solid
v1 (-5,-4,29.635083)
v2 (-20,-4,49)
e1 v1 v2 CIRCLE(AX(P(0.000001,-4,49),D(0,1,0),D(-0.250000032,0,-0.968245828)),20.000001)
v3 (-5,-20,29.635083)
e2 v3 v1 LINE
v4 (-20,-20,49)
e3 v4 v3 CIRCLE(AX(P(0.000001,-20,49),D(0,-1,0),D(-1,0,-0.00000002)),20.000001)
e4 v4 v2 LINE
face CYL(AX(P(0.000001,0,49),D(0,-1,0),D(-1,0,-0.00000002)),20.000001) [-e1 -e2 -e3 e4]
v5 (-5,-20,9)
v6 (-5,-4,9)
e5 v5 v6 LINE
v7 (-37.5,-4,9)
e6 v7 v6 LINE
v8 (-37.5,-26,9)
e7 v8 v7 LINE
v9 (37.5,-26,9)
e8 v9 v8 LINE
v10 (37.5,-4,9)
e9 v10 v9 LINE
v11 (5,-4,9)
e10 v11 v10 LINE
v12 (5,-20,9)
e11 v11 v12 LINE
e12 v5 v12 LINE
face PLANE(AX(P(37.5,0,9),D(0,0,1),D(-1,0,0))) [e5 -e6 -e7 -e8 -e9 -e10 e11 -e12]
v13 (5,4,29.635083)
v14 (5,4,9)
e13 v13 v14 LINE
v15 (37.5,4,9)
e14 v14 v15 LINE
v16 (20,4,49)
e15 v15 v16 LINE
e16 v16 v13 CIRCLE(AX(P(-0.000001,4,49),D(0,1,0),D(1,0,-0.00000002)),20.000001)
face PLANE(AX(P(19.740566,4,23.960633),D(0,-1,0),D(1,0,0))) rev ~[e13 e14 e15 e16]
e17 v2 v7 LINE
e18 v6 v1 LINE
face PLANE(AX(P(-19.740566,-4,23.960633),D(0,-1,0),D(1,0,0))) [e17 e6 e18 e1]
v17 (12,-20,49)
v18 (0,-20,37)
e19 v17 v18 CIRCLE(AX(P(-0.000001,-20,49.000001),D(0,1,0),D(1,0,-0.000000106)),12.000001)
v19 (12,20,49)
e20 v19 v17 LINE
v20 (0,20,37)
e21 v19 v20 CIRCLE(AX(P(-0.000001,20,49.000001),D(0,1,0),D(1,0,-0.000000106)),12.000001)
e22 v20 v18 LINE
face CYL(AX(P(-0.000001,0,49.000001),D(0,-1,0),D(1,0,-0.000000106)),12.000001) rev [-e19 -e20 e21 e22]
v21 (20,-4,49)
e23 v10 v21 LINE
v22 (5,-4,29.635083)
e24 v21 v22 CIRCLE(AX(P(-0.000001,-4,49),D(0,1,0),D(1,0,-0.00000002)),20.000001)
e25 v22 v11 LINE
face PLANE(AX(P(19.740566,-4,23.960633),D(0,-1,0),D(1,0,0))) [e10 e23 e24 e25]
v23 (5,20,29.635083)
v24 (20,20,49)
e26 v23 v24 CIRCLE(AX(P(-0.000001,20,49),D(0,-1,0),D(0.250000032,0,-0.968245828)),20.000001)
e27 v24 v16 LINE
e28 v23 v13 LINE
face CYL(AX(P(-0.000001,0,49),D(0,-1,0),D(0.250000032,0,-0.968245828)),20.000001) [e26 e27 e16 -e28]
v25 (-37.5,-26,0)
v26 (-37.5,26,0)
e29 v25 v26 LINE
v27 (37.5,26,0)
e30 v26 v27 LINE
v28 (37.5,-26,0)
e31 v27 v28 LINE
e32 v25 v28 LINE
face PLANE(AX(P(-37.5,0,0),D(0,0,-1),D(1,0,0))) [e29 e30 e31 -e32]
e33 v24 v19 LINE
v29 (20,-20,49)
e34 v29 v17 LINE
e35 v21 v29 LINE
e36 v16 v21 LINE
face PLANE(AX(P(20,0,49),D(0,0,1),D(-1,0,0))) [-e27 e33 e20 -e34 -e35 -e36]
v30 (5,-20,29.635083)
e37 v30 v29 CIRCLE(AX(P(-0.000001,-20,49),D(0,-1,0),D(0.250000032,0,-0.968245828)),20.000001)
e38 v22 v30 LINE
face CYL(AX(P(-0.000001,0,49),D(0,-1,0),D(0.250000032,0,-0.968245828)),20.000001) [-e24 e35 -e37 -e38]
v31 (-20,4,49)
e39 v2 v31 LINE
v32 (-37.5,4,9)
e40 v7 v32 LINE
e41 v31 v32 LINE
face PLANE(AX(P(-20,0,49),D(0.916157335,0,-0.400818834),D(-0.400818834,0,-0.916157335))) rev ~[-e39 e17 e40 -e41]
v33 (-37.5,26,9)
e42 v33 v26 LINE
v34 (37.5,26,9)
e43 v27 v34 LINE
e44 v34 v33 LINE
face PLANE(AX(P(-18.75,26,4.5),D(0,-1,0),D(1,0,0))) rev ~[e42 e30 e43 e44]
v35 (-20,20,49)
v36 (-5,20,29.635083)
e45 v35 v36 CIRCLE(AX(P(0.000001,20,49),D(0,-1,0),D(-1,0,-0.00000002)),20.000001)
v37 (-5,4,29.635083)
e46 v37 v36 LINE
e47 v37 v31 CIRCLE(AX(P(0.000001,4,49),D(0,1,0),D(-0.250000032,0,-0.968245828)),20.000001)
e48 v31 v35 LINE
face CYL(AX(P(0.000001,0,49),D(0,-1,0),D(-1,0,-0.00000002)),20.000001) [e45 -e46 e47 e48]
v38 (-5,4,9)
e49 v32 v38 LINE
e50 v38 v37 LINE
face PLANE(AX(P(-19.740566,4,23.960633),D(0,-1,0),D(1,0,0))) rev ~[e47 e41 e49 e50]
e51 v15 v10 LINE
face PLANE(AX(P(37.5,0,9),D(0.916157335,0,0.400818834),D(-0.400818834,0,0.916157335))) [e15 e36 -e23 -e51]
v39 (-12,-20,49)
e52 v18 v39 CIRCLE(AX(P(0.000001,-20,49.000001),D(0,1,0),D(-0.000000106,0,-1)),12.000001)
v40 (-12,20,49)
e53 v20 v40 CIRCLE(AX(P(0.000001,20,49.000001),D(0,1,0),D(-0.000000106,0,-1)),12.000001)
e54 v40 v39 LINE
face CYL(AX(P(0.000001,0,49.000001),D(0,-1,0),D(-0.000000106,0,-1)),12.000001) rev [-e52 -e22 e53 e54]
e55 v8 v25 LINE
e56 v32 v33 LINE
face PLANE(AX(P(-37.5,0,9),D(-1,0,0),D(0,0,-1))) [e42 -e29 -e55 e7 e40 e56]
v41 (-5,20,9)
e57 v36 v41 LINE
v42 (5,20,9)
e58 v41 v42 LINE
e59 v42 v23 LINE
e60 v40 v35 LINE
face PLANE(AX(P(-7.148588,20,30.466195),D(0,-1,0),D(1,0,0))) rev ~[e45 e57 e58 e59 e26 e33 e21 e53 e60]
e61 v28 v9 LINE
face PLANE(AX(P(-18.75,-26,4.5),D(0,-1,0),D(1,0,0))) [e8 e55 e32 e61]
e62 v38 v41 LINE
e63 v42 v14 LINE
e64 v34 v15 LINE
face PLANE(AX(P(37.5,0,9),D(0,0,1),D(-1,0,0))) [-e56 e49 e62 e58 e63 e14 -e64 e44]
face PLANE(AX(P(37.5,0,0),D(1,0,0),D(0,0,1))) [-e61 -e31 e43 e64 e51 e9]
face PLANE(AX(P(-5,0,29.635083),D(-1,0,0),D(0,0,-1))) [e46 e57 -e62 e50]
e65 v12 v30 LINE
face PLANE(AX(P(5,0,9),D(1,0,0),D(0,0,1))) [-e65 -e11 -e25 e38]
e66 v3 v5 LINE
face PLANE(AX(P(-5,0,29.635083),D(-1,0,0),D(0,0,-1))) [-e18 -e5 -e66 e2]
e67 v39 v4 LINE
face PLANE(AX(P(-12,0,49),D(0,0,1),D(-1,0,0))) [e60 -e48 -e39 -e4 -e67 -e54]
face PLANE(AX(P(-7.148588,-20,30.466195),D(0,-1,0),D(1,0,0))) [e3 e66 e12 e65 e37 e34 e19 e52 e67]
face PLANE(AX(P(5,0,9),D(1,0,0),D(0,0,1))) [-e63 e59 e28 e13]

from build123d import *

# Parameters (mm, degrees)
F1_DEPTH = 26
F2_DEPTH = 20
F3_DEPTH = 4


with BuildPart() as f1:
    # F0 (on Front) → F1 (new body, symmetric)
    with BuildSketch(Plane.XZ):
        Polygon((-37.5, 0), (0, 0), (0, 9), (-5, 9), (-37.5, 9), align=None)
        Polygon((0, 9), (0, 0), (37.5, 0), (37.5, 9), (5, 9), align=None)
    extrude(amount=F1_DEPTH, both=True)

    # F0 (on Front) → F2 (join, symmetric)
    with BuildSketch(Plane.XZ):
        with BuildLine():
            Line((-5, 9), (0, 9))
            Line((0, 9), (0, 33.611993))
            Line((0, 33.611993), (0, 37))
            ThreePointArc((0, 37), (-8.485281, 40.514719), (-12, 49))
            Line((-12, 49), (-20, 49))
            ThreePointArc((-20, 49), (-15.811388, 36.752551), (-5, 29.635083))
            Line((-5, 29.635083), (-5, 9))
        make_face()
        with BuildLine():
            Line((0, 33.611993), (0, 9))
            Line((0, 9), (5, 9))
            Line((5, 9), (5, 29.635083))
            ThreePointArc((5, 29.635083), (15.811388, 36.752551), (20, 49))
            Line((20, 49), (12, 49))
            ThreePointArc((12, 49), (8.485281, 40.514719), (0, 37))
            Line((0, 37), (0, 33.611993))
        make_face()
    extrude(amount=F2_DEPTH, both=True)

    # F0 (on Front) → F3 (join, symmetric)
    with BuildSketch(Plane.XZ):
        with BuildLine():
            Line((-37.5, 9), (-5, 9))
            Line((-5, 9), (-5, 29.635083))
            ThreePointArc((-5, 29.635083), (-15.811388, 36.752551), (-20, 49))
            Line((-20, 49), (-37.5, 9))
        make_face()
        with BuildLine():
            Line((5, 9), (37.5, 9))
            Line((37.5, 9), (20, 49))
            ThreePointArc((20, 49), (15.811388, 36.752551), (5, 29.635083))
            Line((5, 29.635083), (5, 9))
        make_face()
    extrude(amount=F3_DEPTH, both=True)


solid = f1.part
